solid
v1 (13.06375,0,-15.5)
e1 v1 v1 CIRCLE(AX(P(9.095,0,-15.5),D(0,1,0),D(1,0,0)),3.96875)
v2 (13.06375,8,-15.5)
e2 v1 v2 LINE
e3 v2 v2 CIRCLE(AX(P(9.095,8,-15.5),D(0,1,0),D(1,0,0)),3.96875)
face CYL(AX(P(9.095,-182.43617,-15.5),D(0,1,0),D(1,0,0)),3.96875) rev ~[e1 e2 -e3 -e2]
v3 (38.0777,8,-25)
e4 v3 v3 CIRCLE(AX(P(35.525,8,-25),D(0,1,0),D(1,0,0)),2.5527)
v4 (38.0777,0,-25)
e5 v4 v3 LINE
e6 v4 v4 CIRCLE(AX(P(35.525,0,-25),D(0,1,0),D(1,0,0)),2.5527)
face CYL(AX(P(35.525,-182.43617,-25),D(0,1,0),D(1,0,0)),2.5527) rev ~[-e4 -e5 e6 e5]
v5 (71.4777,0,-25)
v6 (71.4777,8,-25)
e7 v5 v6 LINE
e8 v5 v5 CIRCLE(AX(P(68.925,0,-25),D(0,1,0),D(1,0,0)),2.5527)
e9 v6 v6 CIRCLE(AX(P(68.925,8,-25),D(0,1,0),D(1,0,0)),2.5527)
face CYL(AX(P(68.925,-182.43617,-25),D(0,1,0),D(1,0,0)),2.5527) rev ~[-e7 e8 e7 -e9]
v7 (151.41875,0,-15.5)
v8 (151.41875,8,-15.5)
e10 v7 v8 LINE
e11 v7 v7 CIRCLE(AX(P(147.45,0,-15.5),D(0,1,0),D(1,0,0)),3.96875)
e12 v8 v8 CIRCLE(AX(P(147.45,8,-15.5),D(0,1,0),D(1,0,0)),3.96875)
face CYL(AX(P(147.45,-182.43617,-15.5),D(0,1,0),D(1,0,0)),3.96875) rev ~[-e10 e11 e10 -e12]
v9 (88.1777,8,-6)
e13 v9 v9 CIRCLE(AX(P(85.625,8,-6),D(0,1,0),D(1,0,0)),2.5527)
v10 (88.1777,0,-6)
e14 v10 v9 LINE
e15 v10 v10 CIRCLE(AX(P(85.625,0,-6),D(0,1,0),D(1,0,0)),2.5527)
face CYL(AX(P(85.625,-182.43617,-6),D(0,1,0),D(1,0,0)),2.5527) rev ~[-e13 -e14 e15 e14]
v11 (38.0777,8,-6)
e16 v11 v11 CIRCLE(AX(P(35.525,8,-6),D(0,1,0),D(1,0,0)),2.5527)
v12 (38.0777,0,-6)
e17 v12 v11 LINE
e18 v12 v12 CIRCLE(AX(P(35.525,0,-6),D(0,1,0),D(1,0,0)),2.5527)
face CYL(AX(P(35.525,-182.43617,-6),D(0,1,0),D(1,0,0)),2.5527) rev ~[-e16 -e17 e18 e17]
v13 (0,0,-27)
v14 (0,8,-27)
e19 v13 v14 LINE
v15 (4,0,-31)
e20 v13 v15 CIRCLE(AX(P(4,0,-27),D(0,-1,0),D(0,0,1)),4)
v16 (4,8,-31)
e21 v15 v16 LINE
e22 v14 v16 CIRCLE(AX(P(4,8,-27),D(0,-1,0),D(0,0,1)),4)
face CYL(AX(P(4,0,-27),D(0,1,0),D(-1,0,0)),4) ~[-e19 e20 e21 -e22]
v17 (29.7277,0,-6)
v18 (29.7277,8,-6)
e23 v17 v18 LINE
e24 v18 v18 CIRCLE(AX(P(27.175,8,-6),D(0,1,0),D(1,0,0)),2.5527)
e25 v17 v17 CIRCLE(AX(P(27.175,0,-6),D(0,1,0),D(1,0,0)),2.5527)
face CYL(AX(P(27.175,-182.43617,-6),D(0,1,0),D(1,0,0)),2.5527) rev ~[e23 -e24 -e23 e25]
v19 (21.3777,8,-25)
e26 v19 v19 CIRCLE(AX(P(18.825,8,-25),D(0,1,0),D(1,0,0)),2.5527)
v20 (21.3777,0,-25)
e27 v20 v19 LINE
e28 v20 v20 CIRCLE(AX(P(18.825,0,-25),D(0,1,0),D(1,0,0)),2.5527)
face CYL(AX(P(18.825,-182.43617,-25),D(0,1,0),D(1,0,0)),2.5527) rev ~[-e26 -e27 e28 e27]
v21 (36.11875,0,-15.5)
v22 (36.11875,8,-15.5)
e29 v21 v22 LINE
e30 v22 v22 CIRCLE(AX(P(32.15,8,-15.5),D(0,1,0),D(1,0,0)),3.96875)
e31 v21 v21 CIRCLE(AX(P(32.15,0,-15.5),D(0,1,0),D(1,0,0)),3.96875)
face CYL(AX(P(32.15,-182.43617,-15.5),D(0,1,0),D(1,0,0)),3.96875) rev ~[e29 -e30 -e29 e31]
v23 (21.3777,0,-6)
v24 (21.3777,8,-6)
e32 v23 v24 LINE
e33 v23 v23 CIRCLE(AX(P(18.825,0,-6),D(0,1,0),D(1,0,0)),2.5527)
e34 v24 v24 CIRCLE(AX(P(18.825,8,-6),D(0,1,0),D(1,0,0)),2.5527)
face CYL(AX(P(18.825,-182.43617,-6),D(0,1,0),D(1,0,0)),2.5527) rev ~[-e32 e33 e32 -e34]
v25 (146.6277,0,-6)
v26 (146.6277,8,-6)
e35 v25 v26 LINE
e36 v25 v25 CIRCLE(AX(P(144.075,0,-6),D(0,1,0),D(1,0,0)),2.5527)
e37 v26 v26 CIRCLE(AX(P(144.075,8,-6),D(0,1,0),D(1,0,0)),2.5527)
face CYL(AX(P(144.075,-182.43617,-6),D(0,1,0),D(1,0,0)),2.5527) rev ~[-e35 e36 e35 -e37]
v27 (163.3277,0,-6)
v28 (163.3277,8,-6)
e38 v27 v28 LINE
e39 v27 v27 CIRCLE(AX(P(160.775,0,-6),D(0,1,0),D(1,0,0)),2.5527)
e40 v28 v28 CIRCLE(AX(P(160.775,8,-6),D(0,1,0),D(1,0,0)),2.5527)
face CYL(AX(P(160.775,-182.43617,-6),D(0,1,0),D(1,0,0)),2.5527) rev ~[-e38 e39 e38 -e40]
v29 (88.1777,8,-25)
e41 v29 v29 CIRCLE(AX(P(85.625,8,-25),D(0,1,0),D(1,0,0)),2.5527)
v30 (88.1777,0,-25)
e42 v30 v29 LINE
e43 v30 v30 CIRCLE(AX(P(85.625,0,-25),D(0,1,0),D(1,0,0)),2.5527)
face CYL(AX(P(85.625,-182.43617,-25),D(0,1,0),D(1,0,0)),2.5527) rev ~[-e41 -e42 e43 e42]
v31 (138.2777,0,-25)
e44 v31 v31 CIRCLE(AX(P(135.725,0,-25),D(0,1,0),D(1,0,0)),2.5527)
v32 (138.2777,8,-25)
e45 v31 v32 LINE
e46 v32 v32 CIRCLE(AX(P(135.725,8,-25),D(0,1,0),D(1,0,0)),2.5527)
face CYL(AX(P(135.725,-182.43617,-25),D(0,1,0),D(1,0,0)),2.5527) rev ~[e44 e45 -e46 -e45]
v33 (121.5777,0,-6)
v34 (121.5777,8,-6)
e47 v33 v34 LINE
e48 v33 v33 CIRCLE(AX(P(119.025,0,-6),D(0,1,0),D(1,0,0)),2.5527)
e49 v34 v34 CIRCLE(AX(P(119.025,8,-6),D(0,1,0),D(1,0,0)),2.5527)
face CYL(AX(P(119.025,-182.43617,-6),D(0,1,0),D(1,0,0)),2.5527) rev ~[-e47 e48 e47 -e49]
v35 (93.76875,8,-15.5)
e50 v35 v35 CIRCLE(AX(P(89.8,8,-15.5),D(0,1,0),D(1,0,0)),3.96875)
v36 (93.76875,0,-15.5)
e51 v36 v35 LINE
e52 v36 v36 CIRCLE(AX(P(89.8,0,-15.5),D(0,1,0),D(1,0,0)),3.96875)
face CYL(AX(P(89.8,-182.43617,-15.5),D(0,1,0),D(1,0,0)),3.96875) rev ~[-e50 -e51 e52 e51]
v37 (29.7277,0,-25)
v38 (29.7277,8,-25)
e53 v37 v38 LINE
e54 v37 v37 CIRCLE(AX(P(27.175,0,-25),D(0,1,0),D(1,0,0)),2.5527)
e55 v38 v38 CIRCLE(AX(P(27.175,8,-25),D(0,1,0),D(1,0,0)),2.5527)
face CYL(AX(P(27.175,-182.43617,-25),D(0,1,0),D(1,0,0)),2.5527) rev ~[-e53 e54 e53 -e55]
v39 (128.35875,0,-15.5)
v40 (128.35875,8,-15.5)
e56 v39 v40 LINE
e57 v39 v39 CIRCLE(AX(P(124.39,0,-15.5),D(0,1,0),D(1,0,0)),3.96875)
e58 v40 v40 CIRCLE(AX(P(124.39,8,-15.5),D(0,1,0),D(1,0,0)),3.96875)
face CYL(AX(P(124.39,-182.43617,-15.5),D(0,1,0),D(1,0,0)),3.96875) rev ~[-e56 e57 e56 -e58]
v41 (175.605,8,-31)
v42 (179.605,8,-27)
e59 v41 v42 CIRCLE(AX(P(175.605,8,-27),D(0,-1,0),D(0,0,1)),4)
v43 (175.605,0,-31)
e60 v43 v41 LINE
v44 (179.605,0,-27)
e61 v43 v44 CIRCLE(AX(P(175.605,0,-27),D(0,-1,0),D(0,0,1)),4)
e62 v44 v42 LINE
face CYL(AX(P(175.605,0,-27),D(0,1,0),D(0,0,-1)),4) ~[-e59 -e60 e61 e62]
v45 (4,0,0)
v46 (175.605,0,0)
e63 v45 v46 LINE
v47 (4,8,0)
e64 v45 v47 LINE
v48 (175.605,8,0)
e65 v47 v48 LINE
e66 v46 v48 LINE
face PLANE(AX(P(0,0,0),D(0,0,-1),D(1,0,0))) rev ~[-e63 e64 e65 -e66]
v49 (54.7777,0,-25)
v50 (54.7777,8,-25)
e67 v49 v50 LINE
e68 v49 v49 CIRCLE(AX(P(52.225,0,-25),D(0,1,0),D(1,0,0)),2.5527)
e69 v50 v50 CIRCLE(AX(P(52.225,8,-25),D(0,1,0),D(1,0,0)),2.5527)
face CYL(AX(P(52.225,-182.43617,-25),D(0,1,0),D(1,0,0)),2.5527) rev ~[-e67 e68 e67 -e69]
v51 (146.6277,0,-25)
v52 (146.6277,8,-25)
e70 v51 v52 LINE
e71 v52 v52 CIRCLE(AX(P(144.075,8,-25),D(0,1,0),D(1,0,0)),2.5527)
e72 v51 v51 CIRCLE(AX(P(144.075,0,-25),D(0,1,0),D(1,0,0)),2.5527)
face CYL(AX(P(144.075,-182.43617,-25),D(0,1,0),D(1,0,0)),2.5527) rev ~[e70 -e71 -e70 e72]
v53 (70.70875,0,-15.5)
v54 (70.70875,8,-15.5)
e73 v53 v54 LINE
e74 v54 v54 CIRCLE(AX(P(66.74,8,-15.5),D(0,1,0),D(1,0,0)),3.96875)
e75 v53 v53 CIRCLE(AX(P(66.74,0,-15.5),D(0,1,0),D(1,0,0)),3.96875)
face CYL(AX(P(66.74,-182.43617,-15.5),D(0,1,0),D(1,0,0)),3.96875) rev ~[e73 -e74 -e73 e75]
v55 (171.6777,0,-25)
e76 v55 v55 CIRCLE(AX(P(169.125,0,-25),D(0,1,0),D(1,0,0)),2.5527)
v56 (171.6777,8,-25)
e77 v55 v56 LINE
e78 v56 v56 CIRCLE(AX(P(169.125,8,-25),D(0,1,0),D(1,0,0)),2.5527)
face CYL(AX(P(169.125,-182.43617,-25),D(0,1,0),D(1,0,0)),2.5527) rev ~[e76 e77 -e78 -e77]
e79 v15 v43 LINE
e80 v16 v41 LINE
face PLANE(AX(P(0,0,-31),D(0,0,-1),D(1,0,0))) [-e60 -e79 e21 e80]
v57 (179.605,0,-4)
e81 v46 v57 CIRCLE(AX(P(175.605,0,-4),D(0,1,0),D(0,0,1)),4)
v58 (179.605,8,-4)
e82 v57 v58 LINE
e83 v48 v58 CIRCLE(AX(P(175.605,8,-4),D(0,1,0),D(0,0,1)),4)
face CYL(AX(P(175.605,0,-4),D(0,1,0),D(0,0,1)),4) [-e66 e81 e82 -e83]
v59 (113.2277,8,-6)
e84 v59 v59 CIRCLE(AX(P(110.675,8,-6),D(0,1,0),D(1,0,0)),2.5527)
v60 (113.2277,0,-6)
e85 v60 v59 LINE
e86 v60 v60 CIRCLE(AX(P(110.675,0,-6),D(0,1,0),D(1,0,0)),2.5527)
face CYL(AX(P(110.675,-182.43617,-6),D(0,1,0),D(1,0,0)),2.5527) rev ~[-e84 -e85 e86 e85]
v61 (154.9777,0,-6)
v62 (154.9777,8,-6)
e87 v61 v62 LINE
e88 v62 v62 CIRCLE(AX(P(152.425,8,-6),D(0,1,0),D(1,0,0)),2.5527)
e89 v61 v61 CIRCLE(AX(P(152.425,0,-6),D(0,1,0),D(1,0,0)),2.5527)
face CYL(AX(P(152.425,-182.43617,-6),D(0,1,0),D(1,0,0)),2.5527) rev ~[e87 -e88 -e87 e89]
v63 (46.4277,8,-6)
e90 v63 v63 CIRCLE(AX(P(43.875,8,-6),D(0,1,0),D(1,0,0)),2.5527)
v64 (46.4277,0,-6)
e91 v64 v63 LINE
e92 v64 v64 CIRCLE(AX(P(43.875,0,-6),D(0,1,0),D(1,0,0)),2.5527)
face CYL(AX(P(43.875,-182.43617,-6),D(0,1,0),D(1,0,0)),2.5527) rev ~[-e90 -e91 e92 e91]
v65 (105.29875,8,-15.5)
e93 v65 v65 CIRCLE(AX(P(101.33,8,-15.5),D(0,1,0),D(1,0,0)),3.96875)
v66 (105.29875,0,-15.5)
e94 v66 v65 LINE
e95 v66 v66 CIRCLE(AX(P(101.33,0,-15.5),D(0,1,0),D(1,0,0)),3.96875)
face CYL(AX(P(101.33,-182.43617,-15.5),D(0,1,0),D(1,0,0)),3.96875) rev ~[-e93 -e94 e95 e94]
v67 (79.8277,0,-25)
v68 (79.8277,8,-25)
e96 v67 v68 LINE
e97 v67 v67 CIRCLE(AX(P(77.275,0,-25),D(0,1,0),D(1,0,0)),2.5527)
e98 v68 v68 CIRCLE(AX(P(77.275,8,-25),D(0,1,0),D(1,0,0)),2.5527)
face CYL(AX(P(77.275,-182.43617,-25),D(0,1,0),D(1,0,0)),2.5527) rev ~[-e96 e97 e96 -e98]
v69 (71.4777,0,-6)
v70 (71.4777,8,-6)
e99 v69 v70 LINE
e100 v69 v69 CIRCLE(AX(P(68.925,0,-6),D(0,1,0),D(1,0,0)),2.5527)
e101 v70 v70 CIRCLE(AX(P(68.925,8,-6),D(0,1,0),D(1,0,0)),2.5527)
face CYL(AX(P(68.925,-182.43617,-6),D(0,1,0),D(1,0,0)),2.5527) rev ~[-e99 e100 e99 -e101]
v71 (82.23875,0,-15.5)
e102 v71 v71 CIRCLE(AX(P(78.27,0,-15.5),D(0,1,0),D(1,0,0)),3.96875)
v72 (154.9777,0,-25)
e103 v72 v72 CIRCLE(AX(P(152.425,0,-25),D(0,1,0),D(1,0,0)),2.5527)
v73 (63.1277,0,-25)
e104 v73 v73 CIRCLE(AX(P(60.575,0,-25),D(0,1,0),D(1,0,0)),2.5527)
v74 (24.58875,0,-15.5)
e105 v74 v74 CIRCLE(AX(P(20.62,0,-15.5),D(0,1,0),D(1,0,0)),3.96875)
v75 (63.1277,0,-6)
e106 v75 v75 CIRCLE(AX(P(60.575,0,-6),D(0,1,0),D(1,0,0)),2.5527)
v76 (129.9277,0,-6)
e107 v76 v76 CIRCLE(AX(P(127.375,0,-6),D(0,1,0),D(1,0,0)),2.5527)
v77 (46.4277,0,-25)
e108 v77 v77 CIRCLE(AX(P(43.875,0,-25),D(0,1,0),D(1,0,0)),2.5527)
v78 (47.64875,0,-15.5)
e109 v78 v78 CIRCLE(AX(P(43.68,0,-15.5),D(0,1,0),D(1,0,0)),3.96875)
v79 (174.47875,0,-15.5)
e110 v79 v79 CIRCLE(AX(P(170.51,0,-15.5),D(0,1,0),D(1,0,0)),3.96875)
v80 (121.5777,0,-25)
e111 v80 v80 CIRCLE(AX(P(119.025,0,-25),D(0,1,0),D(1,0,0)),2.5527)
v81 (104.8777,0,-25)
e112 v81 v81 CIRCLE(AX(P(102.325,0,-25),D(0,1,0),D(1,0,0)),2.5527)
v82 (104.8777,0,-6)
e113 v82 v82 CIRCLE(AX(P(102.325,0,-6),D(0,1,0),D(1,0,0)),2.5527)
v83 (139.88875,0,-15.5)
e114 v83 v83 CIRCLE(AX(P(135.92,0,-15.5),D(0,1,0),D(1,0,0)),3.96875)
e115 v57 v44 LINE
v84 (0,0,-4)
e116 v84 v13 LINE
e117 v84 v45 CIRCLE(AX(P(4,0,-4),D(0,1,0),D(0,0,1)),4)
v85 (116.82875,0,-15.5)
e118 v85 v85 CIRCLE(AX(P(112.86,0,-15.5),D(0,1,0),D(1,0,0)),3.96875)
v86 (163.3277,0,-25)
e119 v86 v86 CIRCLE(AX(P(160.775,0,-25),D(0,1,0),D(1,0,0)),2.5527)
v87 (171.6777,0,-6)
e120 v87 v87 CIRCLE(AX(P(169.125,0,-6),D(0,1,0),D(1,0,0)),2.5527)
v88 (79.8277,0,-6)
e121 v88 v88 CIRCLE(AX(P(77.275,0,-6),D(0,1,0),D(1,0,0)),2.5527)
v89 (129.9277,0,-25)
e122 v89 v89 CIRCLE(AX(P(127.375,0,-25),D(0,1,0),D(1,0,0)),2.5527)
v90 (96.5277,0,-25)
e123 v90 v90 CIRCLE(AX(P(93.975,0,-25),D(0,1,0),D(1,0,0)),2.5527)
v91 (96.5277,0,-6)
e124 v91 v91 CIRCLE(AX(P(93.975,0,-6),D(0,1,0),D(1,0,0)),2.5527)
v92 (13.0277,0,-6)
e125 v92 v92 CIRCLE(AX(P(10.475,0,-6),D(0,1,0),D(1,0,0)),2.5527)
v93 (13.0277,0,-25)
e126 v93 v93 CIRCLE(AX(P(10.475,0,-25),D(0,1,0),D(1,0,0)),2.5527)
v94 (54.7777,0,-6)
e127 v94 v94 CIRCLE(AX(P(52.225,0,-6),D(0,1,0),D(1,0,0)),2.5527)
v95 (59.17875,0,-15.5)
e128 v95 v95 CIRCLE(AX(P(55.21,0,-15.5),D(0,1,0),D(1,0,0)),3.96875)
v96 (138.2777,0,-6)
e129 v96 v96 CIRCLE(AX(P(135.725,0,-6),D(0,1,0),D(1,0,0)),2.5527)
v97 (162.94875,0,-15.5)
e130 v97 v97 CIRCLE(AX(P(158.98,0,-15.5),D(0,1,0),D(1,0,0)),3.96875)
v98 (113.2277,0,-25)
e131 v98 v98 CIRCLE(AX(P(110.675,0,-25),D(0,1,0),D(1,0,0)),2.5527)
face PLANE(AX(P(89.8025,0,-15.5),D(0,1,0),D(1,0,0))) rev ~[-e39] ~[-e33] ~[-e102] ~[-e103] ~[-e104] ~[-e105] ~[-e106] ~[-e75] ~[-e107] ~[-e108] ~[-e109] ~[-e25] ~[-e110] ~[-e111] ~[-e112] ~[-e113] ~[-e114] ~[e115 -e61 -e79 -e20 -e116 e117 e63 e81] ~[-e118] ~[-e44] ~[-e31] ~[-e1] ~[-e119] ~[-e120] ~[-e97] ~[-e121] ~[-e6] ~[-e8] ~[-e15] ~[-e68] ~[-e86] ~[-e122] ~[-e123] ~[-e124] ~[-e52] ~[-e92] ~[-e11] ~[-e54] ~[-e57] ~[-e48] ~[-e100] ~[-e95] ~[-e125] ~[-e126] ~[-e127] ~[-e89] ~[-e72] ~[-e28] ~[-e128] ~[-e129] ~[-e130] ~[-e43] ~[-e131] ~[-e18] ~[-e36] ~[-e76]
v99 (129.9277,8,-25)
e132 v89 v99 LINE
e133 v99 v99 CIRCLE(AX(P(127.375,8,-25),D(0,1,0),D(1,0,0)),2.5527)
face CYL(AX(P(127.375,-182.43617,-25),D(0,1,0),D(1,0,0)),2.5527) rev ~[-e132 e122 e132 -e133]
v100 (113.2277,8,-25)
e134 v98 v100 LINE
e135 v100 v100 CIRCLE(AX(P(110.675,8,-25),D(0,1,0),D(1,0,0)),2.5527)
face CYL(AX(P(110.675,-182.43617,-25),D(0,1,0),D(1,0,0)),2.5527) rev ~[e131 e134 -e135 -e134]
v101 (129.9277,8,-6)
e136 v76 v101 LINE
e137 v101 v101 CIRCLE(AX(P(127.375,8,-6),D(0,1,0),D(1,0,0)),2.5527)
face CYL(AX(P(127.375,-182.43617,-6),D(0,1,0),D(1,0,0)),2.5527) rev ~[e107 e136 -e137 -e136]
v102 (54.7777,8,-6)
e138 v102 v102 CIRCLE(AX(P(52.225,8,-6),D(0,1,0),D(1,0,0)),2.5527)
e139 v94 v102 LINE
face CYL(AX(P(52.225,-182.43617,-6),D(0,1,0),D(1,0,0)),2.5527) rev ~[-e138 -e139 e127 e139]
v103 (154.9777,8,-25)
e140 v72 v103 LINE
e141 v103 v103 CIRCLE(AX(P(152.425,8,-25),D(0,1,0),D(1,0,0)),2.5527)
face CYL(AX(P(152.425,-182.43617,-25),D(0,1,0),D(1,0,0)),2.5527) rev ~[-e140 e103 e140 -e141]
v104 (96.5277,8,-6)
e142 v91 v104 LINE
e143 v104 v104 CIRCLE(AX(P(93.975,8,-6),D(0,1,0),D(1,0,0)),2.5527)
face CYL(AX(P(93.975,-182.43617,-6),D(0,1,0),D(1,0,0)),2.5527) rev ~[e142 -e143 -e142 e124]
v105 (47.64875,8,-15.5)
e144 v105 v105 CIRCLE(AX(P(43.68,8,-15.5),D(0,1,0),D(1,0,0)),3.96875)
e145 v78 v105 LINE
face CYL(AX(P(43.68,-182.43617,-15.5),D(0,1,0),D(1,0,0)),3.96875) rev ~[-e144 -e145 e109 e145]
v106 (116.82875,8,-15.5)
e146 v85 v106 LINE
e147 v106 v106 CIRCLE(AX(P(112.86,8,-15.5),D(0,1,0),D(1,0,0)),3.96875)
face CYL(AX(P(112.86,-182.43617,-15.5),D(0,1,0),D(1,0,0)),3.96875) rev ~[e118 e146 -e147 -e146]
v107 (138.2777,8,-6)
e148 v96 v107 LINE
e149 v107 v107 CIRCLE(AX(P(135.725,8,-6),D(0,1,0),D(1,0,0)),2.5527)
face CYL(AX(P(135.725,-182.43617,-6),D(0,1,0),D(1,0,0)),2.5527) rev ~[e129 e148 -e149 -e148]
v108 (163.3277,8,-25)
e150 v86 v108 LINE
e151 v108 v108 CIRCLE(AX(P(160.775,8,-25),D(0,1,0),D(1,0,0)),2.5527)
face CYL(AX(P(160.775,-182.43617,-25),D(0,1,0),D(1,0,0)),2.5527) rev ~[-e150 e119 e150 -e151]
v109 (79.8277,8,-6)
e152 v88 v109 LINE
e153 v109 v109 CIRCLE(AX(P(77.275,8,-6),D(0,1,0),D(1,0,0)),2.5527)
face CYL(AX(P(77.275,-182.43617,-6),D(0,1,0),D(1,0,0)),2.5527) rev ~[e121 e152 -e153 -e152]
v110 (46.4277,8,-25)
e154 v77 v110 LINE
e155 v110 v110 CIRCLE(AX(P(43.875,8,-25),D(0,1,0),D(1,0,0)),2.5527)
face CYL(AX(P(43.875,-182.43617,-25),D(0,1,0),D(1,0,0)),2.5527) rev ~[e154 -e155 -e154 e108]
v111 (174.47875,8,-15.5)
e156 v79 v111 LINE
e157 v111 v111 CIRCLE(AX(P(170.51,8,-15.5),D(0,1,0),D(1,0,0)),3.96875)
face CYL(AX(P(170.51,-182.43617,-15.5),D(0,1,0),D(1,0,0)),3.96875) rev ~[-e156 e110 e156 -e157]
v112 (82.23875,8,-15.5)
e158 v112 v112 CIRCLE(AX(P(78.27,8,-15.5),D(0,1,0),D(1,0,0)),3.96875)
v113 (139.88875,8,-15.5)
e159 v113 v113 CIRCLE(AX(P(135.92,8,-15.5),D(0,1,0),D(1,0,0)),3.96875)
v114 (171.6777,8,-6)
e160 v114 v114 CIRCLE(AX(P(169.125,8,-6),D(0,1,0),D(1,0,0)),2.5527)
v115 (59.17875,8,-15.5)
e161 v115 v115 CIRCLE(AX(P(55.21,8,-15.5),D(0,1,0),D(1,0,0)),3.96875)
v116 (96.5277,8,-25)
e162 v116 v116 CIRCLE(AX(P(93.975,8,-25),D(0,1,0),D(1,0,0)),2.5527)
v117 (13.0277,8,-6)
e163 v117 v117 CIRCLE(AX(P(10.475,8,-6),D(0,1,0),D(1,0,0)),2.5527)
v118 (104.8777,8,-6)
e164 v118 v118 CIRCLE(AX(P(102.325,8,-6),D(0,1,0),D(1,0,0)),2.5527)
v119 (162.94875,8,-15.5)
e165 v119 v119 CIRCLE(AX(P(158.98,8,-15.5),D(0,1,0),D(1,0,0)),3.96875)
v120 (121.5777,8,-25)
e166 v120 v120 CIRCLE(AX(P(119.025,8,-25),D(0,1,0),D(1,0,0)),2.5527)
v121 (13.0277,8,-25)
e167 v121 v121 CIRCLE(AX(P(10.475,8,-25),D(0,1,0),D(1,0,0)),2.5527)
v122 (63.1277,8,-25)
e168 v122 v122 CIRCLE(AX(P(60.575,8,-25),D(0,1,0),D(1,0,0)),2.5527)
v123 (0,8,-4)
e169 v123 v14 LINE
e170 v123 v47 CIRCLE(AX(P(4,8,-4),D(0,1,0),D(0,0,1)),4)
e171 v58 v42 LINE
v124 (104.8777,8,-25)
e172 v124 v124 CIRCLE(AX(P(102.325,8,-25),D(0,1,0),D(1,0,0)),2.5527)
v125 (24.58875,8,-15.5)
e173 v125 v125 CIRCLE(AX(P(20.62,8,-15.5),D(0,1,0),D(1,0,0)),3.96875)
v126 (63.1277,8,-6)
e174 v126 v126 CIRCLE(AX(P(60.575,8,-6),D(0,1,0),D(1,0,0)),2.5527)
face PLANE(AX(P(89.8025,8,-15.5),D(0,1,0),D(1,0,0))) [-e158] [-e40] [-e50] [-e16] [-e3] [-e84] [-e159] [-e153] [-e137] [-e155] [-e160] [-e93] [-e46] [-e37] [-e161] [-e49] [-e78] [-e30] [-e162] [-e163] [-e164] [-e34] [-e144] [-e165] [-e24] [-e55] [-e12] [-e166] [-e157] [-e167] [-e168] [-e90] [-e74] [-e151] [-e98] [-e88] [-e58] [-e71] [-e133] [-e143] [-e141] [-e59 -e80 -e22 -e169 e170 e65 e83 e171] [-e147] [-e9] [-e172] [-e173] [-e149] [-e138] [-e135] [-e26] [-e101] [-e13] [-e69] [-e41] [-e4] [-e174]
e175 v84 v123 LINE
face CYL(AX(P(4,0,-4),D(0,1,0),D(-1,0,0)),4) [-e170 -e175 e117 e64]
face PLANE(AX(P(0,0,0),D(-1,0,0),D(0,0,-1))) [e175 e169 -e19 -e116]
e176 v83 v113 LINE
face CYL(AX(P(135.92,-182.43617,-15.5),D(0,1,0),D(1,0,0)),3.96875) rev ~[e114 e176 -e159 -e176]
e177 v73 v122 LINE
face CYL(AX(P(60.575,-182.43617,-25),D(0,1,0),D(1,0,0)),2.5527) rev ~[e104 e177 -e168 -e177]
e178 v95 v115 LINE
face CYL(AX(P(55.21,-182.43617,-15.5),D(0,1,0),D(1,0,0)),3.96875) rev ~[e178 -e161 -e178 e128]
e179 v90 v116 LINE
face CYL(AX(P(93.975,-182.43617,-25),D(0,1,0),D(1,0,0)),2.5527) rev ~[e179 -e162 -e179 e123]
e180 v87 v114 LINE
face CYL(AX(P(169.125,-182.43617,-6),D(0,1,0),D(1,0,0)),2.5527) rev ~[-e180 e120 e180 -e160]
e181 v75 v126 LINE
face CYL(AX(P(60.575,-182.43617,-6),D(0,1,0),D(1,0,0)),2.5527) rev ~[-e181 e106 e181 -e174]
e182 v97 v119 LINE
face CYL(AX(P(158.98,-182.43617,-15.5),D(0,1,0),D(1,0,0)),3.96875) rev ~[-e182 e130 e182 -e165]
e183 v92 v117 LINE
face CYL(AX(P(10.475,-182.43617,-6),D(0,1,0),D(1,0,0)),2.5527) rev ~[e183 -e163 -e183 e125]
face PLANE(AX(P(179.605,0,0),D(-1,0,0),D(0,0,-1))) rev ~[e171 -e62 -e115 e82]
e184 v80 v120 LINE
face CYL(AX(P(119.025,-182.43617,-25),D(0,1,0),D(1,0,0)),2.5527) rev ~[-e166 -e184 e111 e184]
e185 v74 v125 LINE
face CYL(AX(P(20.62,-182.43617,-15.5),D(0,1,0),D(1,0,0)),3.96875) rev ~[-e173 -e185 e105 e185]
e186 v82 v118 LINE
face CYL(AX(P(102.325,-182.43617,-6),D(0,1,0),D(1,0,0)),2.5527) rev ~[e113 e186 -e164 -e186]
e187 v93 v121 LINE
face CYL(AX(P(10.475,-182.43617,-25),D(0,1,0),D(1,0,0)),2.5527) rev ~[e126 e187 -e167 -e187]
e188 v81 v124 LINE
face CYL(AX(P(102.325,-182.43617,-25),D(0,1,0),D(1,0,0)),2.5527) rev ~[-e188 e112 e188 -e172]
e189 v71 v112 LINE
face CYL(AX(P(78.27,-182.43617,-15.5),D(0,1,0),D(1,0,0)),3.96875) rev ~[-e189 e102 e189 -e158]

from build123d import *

# Parameters (mm, degrees)
SKETCH_1_W            = 179.605
SKETCH_1_H            = 31
EXTRUDE_1_DEPTH       = 8
HOLE_WIZARD_1_4_201_D = 5.1054
HOLE_WIZARD_3_8_161_D = 7.9375
FILLET_1_R            = 4


with BuildPart() as part:
    # Эскиз1 → Бобышка-Вытянуть1 (new body)
    with BuildSketch(Plane(origin=(0, 0, 0), x_dir=(1, 0, 0), z_dir=(0, 1, 0))):
        with Locations((89.8025, 15.5)):
            Rectangle(SKETCH_1_W, SKETCH_1_H)
    extrude(amount=EXTRUDE_1_DEPTH)

    # Отверстие обработанное метчиком 1/4-201 (through all)
    with Locations(Plane(origin=(0, 0, 0), x_dir=(-1, 0, 0), z_dir=(0, -1, 0))):
        with Locations((-10.475, 25), (-18.825, 25), (-27.175, 25), (-35.525, 25), (-43.875, 25), (-52.225, 25), (-60.575, 25), (-68.925, 25), (-77.275, 25), (-85.625, 25), (-93.975, 25), (-102.325, 25), (-110.675, 25), (-119.025, 25), (-127.375, 25), (-135.725, 25), (-144.075, 25), (-152.425, 25), (-160.775, 25), (-169.125, 25), (-169.125, 6), (-160.775, 6), (-152.425, 6), (-144.075, 6), (-135.725, 6), (-127.375, 6), (-119.025, 6), (-110.675, 6), (-102.325, 6), (-93.975, 6), (-85.625, 6), (-77.275, 6), (-68.925, 6), (-60.575, 6), (-52.225, 6), (-43.875, 6), (-35.525, 6), (-27.175, 6), (-18.825, 6), (-10.475, 6)):
            Hole(HOLE_WIZARD_1_4_201_D / 2)

    # Отверстие обработанное метчиком 3/8-161 (through all)
    with Locations(Plane(origin=(0, 0, 0), x_dir=(-1, 0, 0), z_dir=(0, -1, 0))):
        with Locations((-9.095, 15.5), (-20.62, 15.5), (-32.15, 15.5), (-43.68, 15.5), (-55.21, 15.5), (-66.74, 15.5), (-78.27, 15.5), (-89.8, 15.5), (-101.33, 15.5), (-112.86, 15.5), (-124.39, 15.5), (-135.92, 15.5), (-147.45, 15.5), (-158.98, 15.5), (-170.51, 15.5)):
            Hole(HOLE_WIZARD_3_8_161_D / 2)

    # Скругление1
    fillet_1_edges = [part.edges().sort_by_distance(p)[0] for p in [
        (0, 4, 0),
        (0, 4, -31),
        (179.605, 4, -31),
        (179.605, 4, 0),
    ]]
    fillet(fillet_1_edges, radius=FILLET_1_R)


solid = part.part
